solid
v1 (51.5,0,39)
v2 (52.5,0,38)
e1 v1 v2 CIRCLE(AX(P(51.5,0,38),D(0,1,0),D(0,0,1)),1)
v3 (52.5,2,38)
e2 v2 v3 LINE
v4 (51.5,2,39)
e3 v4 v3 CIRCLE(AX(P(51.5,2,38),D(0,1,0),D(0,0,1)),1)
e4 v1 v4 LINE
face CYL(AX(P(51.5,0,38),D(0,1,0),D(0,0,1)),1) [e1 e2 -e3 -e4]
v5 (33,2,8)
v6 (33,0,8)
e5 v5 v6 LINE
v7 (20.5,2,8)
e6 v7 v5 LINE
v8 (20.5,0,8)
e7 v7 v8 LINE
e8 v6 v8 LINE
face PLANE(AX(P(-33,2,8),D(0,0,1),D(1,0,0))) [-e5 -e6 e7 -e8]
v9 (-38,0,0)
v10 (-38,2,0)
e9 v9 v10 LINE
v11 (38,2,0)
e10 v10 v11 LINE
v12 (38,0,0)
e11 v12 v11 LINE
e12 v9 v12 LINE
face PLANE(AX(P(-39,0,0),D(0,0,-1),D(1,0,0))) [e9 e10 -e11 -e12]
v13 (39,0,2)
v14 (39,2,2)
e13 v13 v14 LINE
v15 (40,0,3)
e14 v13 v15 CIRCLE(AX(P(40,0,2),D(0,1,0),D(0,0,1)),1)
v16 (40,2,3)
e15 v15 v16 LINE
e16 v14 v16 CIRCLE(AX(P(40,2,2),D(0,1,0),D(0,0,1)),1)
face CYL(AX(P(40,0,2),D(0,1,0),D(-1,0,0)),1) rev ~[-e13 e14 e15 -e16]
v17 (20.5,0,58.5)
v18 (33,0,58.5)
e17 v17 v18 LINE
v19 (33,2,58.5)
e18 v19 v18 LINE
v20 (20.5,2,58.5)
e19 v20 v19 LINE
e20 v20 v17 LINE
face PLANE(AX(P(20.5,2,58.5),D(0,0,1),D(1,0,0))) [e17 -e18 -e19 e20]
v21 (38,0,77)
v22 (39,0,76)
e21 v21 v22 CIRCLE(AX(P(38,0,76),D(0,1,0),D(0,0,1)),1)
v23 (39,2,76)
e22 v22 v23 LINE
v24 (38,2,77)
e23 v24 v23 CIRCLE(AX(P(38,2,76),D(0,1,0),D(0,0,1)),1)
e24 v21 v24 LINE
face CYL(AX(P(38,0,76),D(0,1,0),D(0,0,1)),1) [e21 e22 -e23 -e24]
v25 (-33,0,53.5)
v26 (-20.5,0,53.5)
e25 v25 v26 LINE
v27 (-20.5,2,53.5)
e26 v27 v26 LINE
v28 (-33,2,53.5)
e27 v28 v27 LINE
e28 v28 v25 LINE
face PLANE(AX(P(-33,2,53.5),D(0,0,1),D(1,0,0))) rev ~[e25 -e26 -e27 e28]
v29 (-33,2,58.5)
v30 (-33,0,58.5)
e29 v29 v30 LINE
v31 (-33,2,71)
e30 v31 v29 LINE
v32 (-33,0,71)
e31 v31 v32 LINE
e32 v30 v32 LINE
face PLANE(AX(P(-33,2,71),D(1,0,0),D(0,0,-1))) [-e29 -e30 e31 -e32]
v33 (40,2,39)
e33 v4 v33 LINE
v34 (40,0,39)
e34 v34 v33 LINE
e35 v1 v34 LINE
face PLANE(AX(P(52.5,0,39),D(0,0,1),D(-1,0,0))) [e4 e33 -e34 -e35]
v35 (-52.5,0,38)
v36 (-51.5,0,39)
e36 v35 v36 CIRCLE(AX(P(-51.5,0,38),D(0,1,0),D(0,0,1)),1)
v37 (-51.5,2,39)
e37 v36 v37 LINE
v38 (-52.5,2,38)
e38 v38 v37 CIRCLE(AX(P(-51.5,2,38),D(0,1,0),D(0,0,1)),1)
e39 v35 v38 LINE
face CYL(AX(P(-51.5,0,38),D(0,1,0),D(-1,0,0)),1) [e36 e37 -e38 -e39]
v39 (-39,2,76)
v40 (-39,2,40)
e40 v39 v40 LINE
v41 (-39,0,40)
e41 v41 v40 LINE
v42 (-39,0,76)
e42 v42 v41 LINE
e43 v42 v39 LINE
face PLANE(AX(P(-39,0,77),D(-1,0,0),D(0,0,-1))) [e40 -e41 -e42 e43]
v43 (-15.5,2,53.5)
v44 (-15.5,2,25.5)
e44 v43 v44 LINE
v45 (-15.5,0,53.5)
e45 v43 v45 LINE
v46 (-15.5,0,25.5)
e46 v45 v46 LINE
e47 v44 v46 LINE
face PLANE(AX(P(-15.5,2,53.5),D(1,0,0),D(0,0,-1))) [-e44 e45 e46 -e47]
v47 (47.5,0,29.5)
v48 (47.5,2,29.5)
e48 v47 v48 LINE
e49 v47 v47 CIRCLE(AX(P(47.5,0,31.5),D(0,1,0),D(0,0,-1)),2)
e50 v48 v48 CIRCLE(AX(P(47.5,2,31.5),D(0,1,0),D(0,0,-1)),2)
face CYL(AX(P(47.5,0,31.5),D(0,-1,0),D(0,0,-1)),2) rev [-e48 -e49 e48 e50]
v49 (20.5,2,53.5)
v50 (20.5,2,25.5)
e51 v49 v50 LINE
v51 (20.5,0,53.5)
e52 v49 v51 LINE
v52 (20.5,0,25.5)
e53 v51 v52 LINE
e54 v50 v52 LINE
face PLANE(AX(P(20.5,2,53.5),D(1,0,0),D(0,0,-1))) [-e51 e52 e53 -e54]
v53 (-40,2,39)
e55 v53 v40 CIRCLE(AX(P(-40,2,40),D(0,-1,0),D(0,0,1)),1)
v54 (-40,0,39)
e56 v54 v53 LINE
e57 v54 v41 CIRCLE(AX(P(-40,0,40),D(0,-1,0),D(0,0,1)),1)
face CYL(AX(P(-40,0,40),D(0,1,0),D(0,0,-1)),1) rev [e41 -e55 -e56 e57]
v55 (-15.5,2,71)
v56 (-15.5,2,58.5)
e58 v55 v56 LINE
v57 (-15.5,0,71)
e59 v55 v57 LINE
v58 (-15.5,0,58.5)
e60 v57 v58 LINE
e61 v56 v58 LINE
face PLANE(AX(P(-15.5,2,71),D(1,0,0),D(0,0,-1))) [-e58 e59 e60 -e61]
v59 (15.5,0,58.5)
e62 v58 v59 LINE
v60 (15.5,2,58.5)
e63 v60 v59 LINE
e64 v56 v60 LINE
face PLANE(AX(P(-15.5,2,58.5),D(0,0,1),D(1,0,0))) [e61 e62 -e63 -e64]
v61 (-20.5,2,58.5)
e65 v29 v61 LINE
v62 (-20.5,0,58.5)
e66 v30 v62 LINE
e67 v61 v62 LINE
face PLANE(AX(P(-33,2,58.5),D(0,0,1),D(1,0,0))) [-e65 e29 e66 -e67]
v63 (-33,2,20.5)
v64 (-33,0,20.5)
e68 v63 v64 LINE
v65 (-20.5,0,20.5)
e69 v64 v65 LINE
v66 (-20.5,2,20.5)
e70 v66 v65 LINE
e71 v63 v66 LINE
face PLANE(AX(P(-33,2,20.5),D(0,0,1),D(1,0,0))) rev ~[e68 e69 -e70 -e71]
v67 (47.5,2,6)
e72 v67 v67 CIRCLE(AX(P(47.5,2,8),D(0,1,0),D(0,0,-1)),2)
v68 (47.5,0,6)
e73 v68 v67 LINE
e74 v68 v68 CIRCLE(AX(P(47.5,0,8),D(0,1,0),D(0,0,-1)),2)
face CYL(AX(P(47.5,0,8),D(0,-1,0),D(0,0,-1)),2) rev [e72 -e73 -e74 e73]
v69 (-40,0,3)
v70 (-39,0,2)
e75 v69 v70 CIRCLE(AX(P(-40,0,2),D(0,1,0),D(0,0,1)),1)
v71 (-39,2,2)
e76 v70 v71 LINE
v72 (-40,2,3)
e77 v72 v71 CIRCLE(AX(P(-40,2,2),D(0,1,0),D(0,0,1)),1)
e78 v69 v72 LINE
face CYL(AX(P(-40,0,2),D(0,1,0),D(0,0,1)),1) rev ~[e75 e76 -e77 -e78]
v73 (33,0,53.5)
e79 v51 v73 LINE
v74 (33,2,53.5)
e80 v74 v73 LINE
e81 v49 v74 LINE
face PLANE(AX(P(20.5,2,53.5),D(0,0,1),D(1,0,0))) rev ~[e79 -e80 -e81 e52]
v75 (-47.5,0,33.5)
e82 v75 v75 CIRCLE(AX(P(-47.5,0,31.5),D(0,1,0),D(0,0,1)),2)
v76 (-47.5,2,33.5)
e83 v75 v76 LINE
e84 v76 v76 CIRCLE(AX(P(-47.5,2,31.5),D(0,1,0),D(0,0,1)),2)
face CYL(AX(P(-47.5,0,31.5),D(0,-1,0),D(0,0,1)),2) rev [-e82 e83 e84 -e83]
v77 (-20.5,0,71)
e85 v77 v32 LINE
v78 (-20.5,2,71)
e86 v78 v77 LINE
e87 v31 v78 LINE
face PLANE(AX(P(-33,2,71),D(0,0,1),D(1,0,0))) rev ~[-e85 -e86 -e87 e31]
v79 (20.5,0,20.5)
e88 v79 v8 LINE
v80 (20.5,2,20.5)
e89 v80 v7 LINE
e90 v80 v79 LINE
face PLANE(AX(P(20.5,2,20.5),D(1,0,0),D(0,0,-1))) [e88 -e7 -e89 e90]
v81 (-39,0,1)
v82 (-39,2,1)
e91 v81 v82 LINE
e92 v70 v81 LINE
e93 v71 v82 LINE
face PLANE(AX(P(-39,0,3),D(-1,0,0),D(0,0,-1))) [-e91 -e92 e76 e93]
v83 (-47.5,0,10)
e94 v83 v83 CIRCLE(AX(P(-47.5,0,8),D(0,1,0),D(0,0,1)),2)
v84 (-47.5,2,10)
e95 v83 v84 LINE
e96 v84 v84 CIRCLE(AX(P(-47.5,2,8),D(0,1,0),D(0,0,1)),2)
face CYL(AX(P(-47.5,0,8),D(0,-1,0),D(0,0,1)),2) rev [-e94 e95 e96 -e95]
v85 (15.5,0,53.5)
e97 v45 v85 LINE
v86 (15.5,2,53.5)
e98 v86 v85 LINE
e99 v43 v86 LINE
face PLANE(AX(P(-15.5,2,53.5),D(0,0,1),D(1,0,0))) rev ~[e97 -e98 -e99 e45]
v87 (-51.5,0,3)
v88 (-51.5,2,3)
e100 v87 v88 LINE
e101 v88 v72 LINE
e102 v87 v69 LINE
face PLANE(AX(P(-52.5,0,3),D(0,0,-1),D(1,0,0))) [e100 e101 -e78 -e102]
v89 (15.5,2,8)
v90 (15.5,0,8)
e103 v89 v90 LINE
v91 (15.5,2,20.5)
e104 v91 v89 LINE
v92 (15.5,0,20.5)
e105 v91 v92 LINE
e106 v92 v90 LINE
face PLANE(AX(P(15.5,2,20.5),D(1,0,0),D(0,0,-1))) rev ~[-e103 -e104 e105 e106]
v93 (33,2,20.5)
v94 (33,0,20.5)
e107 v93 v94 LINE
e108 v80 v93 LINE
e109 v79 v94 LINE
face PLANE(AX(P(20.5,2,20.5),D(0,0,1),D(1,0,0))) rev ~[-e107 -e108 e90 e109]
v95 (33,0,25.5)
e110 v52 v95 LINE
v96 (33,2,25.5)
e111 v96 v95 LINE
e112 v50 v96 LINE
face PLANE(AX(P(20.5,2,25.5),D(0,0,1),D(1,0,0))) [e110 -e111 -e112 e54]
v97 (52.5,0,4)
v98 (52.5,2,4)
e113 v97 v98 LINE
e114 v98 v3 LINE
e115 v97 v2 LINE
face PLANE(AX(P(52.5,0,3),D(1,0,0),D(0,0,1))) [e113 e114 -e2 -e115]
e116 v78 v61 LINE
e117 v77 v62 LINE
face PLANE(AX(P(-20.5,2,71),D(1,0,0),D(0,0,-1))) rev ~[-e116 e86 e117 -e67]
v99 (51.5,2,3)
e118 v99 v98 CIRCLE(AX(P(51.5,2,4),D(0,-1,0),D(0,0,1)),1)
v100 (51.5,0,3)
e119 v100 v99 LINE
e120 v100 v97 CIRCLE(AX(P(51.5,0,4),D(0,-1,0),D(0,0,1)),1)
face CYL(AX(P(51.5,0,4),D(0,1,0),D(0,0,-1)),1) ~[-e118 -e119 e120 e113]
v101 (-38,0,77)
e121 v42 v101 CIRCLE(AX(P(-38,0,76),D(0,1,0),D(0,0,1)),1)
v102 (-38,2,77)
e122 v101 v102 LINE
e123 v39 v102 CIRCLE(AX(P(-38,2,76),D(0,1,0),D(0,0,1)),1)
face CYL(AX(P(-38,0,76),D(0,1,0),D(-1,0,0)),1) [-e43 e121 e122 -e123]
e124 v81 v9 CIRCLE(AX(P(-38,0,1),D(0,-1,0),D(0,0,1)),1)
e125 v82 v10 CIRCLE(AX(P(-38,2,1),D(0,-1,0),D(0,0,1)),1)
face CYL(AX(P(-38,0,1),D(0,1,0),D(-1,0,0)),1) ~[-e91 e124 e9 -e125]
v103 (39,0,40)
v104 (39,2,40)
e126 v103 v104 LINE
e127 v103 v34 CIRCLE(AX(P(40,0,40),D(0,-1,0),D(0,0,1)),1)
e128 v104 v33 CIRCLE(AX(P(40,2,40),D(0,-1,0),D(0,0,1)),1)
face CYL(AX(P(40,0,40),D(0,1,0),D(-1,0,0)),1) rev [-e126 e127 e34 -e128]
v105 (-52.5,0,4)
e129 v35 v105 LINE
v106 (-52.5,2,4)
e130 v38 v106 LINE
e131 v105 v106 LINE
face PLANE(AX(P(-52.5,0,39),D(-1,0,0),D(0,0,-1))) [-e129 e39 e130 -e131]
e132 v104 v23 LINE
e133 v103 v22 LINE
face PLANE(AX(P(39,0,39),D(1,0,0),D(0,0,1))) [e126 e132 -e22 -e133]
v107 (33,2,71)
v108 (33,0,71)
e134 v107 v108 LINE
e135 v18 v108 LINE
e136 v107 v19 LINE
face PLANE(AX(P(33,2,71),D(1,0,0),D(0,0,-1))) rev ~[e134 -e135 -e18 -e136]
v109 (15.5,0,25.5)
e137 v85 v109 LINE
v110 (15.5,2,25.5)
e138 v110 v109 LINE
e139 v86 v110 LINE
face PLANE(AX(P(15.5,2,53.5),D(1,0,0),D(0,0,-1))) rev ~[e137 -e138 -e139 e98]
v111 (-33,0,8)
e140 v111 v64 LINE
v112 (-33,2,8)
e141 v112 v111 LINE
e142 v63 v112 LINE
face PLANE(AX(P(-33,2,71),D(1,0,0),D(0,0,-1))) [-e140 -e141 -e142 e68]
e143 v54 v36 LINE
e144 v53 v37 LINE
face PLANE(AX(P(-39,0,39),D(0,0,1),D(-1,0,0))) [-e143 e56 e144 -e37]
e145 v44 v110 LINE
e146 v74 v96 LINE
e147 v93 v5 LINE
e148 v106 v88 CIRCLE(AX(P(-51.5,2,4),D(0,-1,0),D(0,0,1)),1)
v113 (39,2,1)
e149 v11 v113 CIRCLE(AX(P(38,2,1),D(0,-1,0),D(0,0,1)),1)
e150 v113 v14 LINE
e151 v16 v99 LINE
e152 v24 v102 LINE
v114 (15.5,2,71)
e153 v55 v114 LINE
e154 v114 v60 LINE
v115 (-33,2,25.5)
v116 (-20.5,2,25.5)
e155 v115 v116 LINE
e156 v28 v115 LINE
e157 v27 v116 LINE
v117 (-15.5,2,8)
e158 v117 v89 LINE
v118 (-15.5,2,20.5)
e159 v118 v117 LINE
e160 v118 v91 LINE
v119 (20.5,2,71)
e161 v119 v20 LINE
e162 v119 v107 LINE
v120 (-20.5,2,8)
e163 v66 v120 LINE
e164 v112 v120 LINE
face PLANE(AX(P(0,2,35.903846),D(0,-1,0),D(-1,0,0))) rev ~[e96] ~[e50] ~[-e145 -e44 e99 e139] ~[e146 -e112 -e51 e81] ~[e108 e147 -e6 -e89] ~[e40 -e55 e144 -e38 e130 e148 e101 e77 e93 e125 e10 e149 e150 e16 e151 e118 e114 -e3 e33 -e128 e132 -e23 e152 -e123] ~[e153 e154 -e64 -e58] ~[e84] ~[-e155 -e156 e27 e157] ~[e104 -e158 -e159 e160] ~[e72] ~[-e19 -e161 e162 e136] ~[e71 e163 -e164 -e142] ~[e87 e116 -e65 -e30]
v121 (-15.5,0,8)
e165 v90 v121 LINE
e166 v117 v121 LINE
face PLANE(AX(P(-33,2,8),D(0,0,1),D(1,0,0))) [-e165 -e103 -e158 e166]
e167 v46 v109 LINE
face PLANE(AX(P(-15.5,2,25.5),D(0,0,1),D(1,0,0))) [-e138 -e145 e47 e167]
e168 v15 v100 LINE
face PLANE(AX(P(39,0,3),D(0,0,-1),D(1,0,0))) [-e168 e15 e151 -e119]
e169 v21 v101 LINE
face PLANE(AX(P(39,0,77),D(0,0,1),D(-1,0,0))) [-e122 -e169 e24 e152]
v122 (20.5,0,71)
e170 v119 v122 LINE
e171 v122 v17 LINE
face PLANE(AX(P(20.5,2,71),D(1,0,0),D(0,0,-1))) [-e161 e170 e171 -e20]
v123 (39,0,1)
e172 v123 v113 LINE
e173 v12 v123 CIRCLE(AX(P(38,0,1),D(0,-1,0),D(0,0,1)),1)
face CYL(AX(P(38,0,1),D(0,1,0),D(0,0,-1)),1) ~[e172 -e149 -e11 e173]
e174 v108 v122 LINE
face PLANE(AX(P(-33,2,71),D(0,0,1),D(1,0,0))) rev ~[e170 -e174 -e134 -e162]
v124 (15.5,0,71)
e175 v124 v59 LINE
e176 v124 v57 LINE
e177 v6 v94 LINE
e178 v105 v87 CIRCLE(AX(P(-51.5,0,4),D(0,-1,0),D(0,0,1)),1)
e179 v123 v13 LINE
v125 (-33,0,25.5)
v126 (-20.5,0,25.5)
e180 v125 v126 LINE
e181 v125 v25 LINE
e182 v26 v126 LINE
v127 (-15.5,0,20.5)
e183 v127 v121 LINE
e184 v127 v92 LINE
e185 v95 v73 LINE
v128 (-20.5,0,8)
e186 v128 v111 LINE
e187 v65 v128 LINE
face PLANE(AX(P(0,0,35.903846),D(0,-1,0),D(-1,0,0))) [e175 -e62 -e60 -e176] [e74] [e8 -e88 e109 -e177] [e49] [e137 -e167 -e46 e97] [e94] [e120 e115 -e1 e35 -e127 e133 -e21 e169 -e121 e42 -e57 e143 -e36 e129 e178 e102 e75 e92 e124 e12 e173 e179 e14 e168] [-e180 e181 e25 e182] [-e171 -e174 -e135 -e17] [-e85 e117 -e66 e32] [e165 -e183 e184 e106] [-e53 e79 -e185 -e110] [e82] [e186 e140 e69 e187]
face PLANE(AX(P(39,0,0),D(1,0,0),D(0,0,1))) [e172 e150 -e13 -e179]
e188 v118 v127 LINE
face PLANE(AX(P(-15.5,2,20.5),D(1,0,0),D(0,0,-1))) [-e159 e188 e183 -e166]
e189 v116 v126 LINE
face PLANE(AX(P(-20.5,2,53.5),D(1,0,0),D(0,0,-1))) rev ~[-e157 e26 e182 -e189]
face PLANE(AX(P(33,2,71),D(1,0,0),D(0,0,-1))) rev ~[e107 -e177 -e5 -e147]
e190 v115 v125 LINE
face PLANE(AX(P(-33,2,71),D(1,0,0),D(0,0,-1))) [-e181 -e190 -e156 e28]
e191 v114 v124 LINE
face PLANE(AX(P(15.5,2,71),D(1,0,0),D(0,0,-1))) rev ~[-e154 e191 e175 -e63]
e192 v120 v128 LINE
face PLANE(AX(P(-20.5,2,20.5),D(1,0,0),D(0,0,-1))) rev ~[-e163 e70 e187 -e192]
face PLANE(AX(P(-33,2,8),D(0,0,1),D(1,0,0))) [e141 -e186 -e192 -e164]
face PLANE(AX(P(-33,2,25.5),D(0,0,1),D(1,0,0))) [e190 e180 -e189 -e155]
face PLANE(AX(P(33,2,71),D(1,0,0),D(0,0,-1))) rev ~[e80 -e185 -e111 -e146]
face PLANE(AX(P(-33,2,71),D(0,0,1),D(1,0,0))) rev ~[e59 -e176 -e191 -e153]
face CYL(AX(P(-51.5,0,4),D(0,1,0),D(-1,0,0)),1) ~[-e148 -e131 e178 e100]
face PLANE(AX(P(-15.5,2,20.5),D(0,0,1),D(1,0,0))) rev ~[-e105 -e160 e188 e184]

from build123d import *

# Parameters (mm, degrees)
SKETCH_1_R          = 2
EXTRUDE_1_DEPTH     = 2
SKETCH_3_W          = 66
SKETCH_3_H          = 63
CUT_EXTRUDE_1_DEPTH = 94.21614667
FILLET_1_R          = 1
SKETCH_4_W          = 66
SKETCH_4_H          = 5
SKETCH_4_W_2        = 5
SKETCH_4_H_2        = 63
EXTRUDE_1_2_DEPTH   = 2


with BuildPart() as part:
    # 草图1 → Extrude 1 (new body)
    with BuildSketch(Plane(origin=(0, 0, 0), x_dir=(1, 0, 0), z_dir=(0, 1, 0))):
        Polygon((-52.5, -39), (-52.5, -3), (-39, -3), (-39, 0), (39, 0), (39, -3), (52.5, -3), (52.5, -39), (39, -39), (39, -77), (-39, -77), (-39, -39), align=None)
        with Locations(Location((-47.5, -8, 0), (0, 0, 270))):
            Circle(SKETCH_1_R, mode=Mode.SUBTRACT)
        with Locations(Location((-47.5, -31.5, 0), (0, 0, 270))):
            Circle(SKETCH_1_R, mode=Mode.SUBTRACT)
        with Locations(Location((47.5, -31.5, 0), (0, 0, 90))):
            Circle(SKETCH_1_R, mode=Mode.SUBTRACT)
        with Locations(Location((47.5, -8, 0), (0, 0, 90))):
            Circle(SKETCH_1_R, mode=Mode.SUBTRACT)
    extrude(amount=EXTRUDE_1_DEPTH)

    # 草图3 → 切除-拉伸1 (cut, through all)
    with BuildSketch(Plane(origin=(0, 2, 0), x_dir=(1, 0, 0), z_dir=(0, 1, 0))):
        with Locations((0, -39.5)):
            Rectangle(SKETCH_3_W, SKETCH_3_H)
    extrude(amount=-CUT_EXTRUDE_1_DEPTH, mode=Mode.SUBTRACT)

    # 圆角1
    fillet_1_edges = [part.edges().sort_by_distance(p)[0] for p in [
        (-52.5, 1, 39),
        (-52.5, 1, 3),
        (-39, 1, 3),
        (-39, 1, 0),
        (39, 1, 0),
        (39, 1, 3),
        (52.5, 1, 3),
        (52.5, 1, 39),
        (39, 1, 39),
        (39, 1, 77),
        (-39, 1, 77),
        (-39, 1, 39),
    ]]
    fillet(fillet_1_edges, radius=FILLET_1_R)

    # 草图4 → Extrude 1 2 (add)
    with BuildSketch(Plane(origin=(0, 2, 0), x_dir=(1, 0, 0), z_dir=(0, 1, 0))):
        with Locations((0, -23)):
            Rectangle(SKETCH_4_W, SKETCH_4_H)
        with Locations((0, -56)):
            Rectangle(SKETCH_4_W, SKETCH_4_H)
        with Locations((-18, -39.5)):
            Rectangle(SKETCH_4_W_2, SKETCH_4_H_2)
        with Locations((18, -39.5)):
            Rectangle(SKETCH_4_W_2, SKETCH_4_H_2)
    extrude(amount=-EXTRUDE_1_2_DEPTH)


solid = part.part
